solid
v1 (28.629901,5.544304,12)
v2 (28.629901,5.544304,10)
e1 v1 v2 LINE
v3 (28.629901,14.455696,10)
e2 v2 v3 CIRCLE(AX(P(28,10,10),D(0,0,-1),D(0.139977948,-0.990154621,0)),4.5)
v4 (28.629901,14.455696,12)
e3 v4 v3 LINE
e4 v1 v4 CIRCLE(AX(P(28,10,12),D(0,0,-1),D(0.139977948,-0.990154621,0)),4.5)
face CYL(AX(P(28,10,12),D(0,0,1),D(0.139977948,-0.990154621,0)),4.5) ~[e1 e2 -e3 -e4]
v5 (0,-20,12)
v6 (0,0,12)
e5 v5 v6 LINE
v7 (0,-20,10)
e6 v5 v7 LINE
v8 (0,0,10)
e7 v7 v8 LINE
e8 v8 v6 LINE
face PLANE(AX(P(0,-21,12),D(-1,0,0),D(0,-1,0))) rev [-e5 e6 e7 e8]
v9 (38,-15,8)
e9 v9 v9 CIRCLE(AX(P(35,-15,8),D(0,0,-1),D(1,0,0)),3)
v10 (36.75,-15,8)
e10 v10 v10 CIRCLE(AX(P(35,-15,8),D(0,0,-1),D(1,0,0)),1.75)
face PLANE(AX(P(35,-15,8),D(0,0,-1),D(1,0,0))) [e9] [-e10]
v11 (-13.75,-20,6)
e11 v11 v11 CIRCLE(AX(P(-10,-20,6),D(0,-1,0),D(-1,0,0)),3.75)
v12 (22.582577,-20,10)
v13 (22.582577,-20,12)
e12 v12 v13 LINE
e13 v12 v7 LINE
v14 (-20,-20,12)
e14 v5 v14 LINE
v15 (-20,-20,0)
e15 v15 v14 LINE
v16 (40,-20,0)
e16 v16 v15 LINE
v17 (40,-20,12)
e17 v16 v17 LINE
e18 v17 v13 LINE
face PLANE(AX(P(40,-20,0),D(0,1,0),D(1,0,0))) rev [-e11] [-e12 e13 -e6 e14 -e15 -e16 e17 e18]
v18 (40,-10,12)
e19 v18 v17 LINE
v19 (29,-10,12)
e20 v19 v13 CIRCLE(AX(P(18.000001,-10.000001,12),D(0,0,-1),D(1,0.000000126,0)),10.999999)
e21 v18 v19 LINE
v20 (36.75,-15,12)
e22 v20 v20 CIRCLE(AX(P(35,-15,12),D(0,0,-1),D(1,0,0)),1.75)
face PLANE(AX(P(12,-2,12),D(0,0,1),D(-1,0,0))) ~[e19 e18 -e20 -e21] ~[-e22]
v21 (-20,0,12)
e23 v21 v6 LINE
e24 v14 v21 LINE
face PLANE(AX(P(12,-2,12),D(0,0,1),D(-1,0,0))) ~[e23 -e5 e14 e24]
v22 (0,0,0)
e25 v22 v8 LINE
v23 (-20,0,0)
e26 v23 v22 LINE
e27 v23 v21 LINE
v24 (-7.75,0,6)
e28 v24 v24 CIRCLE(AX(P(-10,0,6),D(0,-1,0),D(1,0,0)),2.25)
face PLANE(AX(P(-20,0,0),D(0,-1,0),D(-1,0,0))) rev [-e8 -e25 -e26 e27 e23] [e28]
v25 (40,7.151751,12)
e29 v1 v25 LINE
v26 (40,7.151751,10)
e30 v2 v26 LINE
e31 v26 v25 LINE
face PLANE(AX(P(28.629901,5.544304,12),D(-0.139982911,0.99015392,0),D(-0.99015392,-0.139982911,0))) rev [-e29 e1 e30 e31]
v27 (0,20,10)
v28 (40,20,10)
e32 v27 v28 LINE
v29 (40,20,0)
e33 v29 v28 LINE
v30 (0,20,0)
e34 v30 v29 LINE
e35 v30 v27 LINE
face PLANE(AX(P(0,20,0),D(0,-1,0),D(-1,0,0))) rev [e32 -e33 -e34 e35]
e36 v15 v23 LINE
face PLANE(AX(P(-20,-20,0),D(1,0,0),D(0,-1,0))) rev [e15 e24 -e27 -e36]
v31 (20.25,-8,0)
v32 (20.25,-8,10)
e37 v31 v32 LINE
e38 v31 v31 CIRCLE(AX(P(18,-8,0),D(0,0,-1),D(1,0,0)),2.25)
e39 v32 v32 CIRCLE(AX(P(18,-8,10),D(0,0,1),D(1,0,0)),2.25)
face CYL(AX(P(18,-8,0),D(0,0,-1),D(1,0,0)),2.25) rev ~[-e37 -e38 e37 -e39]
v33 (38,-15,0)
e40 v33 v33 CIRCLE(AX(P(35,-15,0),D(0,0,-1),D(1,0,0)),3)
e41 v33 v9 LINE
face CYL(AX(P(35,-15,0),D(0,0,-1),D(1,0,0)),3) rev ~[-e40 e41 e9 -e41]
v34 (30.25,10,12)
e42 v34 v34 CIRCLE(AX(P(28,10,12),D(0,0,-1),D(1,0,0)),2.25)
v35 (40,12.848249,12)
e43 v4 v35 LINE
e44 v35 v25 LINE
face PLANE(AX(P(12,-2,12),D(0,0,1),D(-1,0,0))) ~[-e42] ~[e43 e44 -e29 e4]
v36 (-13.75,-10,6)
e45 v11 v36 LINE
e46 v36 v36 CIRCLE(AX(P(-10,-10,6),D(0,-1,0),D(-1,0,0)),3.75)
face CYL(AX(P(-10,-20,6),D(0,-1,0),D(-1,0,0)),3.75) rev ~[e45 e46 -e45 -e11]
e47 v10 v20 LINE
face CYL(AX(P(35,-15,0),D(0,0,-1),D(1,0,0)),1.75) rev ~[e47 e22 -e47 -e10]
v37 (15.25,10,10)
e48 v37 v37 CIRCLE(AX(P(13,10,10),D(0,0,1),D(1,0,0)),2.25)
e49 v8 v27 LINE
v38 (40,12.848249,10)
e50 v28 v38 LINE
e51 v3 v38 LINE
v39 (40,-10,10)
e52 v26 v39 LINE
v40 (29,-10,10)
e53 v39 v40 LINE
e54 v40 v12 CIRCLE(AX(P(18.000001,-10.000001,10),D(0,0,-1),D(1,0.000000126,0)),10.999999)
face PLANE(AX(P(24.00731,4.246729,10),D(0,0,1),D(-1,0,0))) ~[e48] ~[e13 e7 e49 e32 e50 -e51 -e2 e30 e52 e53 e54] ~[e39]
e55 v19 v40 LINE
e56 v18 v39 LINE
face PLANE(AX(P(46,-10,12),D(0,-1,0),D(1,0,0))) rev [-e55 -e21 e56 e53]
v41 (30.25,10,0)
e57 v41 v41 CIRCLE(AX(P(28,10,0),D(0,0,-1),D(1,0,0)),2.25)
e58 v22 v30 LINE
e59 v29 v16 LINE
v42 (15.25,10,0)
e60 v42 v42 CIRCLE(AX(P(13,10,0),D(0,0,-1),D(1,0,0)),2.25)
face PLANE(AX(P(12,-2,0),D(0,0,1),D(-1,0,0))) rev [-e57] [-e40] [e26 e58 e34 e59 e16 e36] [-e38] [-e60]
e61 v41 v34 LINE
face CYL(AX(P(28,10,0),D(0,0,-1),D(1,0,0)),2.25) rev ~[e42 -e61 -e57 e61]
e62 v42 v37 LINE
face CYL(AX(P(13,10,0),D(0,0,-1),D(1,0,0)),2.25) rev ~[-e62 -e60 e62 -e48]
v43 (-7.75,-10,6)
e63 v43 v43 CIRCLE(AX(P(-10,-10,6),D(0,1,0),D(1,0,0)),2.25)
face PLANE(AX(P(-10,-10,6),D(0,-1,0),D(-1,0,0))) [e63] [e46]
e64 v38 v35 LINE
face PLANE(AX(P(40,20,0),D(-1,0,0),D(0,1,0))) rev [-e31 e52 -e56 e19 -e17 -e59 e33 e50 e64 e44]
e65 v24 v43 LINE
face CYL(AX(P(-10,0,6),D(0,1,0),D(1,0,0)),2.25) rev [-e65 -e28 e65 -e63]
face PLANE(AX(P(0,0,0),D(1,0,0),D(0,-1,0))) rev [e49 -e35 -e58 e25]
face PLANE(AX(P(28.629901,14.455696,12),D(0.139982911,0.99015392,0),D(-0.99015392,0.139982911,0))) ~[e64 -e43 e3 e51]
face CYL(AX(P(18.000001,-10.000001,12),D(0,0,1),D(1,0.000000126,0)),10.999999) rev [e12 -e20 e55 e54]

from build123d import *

# Parameters (mm, degrees)
SKETCH_R                       = 2.25
SKETCH_R_2                     = 1.75
PAD_DEPTH                      = 12
POCKET_DEPTH                   = 2
SKETCH002_R                    = 2.25
POCKET002_DEPTH                = 20.001
PART_MIRRORING_PLACEMENT_ANGLE = 180
SKETCH003_R                    = 3
POCKET003_DEPTH                = 8
SKETCH004_R                    = 3.75
POCKET004_DEPTH                = 10


with BuildPart() as pocket002:
    # Sketch → Pad (new body)
    with BuildSketch(Plane.XY):
        Polygon((0, -20), (40, -20), (40, 20), (-20, 20), (-20, 0), (0, 0), align=None)
        with Locations((18, 8)):
            Circle(SKETCH_R, mode=Mode.SUBTRACT)
        with Locations((13, -10)):
            Circle(SKETCH_R, mode=Mode.SUBTRACT)
        with Locations((35, 15)):
            Circle(SKETCH_R_2, mode=Mode.SUBTRACT)
        with Locations((28, -10)):
            Circle(SKETCH_R, mode=Mode.SUBTRACT)
    extrude(amount=PAD_DEPTH)

    # Sketch001 → Pocket (cut)
    with BuildSketch(Plane.XY.offset(12)):
        with BuildLine():
            Line((46, 10), (29, 10))
            ThreePointArc((29, 10), (25.778175, 17.778175), (18, 21))
            Line((18, 21), (0, 21))
            Line((0, 21), (0, -23))
            Line((0, -23), (46, -23))
            Line((46, -23), (46, -12))
            Line((28.629901, -14.455696), (46, -12))
            ThreePointArc((28.629901, -5.544304), (23.5, -10), (28.629901, -14.455696))
            Line((28.629901, -5.544304), (46, -8))
            Line((46, -8), (46, 10))
        make_face()
    extrude(amount=-POCKET_DEPTH, mode=Mode.SUBTRACT)

    # Sketch002 → Pocket002 (cut, through all)
    with BuildSketch(Plane.XZ):
        with Locations((-10, 6)):
            Circle(SKETCH002_R)
    extrude(amount=-POCKET002_DEPTH, mode=Mode.SUBTRACT)


with BuildPart() as pocket004:
    # Part__Mirroring: instance of Pocket002
    add(pocket002.part.mirror(Plane(origin=(10, -0.411961, 0), x_dir=(0, 1, 0), z_dir=(0, 0, 1))))


with BuildPart() as pocket004_1:
    # Part__Mirroring placement: moved
    add(pocket004.part.rotate(Axis((0, 0, 0), (1, 0, 0)), PART_MIRRORING_PLACEMENT_ANGLE))

    # Sketch003 → Pocket003 (cut)
    with BuildSketch(Plane(origin=(0, 0, 0), x_dir=(1, 0, 0), z_dir=(0, 0, -1))):
        with Locations((35, 15)):
            Circle(SKETCH003_R)
    extrude(amount=-POCKET003_DEPTH, mode=Mode.SUBTRACT)

    # Sketch004 → Pocket004 (cut)
    with BuildSketch(Plane(origin=(0, -20, 0), x_dir=(-1, 0, 0), z_dir=(0, -1, 0))):
        with Locations((10, -6)):
            Circle(SKETCH004_R)
    extrude(amount=-POCKET004_DEPTH, mode=Mode.SUBTRACT)


solid = pocket004_1.part
